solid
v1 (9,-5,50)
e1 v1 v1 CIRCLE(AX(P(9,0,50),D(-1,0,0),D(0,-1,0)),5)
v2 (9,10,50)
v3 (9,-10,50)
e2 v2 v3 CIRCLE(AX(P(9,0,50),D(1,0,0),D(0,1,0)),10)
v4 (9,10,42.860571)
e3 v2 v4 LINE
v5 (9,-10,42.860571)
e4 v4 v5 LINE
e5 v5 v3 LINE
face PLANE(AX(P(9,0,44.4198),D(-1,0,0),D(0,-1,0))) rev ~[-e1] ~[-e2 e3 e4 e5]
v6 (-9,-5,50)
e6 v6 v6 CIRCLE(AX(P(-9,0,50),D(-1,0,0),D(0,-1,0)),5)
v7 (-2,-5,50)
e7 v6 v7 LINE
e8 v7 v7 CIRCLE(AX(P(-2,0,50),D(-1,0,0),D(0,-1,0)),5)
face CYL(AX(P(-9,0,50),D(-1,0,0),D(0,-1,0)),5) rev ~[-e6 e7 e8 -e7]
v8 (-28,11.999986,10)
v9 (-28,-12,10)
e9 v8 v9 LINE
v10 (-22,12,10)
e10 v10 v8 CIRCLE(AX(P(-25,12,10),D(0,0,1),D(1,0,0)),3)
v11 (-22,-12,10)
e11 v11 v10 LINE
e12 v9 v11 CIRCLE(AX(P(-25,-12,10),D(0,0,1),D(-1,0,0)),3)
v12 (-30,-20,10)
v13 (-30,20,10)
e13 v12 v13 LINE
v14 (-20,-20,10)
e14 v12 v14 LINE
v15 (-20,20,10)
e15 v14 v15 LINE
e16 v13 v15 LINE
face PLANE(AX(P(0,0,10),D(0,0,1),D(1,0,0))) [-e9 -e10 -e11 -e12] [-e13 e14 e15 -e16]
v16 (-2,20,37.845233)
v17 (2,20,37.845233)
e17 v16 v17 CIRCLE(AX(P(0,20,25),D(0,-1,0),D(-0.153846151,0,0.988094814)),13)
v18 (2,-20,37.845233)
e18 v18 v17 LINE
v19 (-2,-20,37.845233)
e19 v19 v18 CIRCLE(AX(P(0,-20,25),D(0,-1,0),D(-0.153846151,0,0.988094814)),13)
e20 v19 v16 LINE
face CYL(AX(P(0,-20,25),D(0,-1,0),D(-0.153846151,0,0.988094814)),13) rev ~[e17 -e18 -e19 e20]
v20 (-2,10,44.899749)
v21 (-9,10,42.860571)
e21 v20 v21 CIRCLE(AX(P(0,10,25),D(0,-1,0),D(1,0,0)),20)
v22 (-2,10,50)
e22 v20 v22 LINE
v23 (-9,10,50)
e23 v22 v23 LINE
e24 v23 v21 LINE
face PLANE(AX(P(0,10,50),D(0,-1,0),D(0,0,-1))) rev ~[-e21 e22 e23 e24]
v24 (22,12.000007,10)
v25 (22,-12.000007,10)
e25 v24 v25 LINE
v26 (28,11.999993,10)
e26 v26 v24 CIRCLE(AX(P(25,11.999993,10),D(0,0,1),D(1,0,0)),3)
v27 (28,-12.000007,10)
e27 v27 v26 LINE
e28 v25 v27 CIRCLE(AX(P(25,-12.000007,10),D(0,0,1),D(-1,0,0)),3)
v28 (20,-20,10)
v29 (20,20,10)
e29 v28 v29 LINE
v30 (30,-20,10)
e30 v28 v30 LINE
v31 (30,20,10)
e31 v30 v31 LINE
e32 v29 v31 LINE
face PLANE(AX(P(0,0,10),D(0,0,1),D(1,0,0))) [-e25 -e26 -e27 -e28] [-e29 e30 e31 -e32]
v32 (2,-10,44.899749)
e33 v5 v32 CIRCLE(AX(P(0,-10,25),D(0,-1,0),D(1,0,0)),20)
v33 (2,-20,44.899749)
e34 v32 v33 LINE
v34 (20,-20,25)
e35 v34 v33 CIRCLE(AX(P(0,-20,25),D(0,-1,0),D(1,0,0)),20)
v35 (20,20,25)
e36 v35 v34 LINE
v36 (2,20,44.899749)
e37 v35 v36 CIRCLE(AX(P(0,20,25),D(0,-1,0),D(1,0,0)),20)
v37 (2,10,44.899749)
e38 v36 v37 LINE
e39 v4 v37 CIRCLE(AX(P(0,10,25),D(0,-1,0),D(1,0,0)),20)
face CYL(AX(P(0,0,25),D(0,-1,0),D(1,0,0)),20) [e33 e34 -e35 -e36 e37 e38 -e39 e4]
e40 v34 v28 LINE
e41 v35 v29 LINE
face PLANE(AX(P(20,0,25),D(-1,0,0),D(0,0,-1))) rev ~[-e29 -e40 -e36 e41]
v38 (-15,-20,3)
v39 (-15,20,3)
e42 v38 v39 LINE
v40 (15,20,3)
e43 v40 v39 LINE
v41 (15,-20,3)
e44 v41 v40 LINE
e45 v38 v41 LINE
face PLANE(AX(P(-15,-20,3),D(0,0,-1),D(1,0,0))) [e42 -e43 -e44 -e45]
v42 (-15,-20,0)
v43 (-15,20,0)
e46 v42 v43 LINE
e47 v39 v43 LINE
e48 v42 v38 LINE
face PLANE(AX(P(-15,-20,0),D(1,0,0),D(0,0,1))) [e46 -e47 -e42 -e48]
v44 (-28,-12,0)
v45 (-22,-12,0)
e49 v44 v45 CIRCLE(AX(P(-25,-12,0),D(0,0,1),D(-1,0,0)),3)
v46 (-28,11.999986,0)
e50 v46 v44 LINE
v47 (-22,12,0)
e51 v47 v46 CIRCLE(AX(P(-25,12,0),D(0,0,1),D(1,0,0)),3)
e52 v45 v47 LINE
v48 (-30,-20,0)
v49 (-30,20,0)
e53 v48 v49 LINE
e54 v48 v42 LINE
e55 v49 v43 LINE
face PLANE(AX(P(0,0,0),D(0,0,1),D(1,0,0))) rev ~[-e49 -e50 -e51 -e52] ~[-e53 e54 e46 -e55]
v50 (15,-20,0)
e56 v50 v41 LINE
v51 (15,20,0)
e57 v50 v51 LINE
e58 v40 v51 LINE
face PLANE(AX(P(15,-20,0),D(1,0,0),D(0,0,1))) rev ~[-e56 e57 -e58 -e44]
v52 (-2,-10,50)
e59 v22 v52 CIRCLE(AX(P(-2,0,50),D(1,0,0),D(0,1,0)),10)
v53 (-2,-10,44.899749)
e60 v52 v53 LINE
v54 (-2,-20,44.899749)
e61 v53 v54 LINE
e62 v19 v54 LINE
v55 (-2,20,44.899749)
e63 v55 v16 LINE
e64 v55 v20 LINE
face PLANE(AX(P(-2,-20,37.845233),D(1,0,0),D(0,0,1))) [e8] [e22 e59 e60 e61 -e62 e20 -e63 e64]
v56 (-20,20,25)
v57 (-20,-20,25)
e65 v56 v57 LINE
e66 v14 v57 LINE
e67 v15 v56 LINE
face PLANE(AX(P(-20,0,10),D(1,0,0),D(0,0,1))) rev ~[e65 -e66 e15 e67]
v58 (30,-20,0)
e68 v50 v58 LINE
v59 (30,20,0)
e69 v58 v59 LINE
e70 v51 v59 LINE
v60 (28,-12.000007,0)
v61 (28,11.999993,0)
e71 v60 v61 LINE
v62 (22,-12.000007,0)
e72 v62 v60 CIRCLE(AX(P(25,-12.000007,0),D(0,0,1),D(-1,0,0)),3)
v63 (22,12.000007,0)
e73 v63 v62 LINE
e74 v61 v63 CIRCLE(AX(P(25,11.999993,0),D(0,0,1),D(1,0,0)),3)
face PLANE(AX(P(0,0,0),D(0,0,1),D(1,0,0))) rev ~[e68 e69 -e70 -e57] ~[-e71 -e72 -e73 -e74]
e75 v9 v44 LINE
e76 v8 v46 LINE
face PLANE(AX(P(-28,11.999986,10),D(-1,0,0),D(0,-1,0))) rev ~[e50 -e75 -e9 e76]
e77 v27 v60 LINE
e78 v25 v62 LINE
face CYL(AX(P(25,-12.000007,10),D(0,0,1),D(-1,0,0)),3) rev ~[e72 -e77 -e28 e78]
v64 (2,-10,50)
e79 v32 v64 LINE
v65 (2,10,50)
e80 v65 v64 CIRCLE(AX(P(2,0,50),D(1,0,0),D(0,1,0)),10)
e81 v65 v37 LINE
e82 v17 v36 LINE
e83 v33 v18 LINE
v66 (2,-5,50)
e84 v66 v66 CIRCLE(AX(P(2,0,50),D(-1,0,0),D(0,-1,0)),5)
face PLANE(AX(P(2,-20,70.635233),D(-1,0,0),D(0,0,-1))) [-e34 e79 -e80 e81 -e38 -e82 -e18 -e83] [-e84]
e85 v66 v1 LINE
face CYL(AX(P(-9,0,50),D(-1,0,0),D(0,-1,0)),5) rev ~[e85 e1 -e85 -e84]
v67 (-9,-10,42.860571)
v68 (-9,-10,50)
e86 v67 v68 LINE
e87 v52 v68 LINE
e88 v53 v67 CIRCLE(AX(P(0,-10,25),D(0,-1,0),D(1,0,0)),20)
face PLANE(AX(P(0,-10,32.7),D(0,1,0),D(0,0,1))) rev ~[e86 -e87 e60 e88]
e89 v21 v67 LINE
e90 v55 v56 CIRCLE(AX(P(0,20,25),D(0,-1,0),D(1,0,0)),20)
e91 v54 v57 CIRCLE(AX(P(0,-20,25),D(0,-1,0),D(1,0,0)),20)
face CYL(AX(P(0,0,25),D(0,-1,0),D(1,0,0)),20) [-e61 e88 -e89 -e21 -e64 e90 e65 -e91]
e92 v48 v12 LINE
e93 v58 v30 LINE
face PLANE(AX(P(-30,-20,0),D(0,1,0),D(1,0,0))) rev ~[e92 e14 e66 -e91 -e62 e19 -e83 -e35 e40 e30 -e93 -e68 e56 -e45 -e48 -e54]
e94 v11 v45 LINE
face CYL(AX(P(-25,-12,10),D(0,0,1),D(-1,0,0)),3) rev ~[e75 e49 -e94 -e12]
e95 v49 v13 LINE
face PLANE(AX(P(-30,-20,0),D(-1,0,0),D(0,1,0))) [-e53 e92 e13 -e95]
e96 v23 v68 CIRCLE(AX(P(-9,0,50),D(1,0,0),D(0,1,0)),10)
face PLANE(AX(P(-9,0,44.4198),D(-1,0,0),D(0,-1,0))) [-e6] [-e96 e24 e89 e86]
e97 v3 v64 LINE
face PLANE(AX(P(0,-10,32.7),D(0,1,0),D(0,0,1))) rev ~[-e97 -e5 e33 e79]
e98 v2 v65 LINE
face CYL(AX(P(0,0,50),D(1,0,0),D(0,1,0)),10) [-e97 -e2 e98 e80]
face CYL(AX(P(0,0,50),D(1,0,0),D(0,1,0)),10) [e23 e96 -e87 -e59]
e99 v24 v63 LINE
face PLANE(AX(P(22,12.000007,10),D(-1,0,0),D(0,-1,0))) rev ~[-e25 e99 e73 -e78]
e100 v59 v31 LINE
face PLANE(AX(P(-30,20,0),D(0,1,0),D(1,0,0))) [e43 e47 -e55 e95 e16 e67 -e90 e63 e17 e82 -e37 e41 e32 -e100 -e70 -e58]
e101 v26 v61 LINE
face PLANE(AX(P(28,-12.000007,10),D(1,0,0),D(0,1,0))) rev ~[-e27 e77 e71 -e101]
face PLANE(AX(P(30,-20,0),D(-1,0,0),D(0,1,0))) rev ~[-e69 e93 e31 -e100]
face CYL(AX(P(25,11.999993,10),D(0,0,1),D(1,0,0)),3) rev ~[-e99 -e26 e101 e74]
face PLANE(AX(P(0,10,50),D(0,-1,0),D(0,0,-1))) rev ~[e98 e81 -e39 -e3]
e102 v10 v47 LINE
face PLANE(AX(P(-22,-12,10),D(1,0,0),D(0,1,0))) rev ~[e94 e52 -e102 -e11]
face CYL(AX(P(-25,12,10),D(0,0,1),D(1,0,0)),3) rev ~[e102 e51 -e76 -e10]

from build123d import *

# Parameters (mm, degrees)
SKETCH_W        = 60
SKETCH_H        = 40
PAD_DEPTH       = 10
PAD001_DEPTH    = 20
PAD002_DEPTH    = 9
SKETCH003_R     = 5
POCKET_DEPTH    = 39.001
POCKET001_DEPTH = 40.001
SKETCH005_W     = 30
SKETCH005_H     = 3
POCKET002_DEPTH = 40.001
POCKET003_DEPTH = 10.001
POCKET004_DEPTH = 10.001


with BuildPart() as part:
    # Sketch → Pad (new body)
    with BuildSketch(Plane.XY):
        Rectangle(SKETCH_W, SKETCH_H)
    extrude(amount=PAD_DEPTH)

    # Sketch001 → Pad001 (join, symmetric)
    with BuildSketch(Plane.XZ):
        with BuildLine():
            Line((20, 25), (20, 10))
            Line((20, 10), (-20, 10))
            Line((-20, 10), (-20, 25))
            ThreePointArc((20, 25), (0, 45), (-20, 25))
        make_face()
    extrude(amount=PAD001_DEPTH, both=True)

    # Sketch002 → Pad002 (join, symmetric)
    with BuildSketch(Plane.YZ):
        with BuildLine():
            Line((-10, 32.7), (-10, 50))
            ThreePointArc((10, 50), (0, 60), (-10, 50))
            Line((10, 50), (10, 32.7))
            Line((10, 32.7), (-10, 32.7))
        make_face()
    extrude(amount=PAD002_DEPTH, both=True)

    # Sketch003 (on Face13 of Pad002) → Pocket (cut, through all)
    with BuildSketch(Plane(origin=(-9, 0, 0), x_dir=(0, -1, 0), z_dir=(-1, 0, 0))):
        with Locations((0, 50)):
            Circle(SKETCH003_R)
    extrude(amount=-POCKET_DEPTH, mode=Mode.SUBTRACT)

    # Sketch004 (on Face12 of Pocket) → Pocket001 (cut, through all)
    with BuildSketch(Plane.XZ.offset(20)):
        with BuildLine():
            ThreePointArc((-2, 37.845233), (0, 12), (2, 37.845233))
            Line((2, 70.635233), (2, 37.845233))
            Line((-2, 70.635233), (2, 70.635233))
            Line((-2, 37.845233), (-2, 70.635233))
        make_face()
    extrude(amount=-POCKET001_DEPTH, mode=Mode.SUBTRACT)

    # Sketch005 (on Face8 of Pocket001) → Pocket002 (cut, through all)
    with BuildSketch(Plane.XZ.offset(20)):
        with Locations((0, 1.5)):
            Rectangle(SKETCH005_W, SKETCH005_H)
    extrude(amount=-POCKET002_DEPTH, mode=Mode.SUBTRACT)

    # Sketch006 (on Face8 of Pocket002) → Pocket003 (cut, through all)
    with BuildSketch(Plane.XY.offset(10)):
        with BuildLine():
            Line((22, 12.000007), (22, -12.000007))
            ThreePointArc((22, -12.000007), (25, -15.000007), (28, -12.000007))
            Line((28, -12.000007), (28, 11.999993))
            ThreePointArc((28, 11.999993), (25.000007, 14.999993), (22, 12.000007))
        make_face()
    extrude(amount=-POCKET003_DEPTH, mode=Mode.SUBTRACT)

    # Sketch007 (on Face10 of Pocket003) → Pocket004 (cut, through all)
    with BuildSketch(Plane.XY.offset(10)):
        with BuildLine():
            Line((-28, 11.999986), (-28, -12))
            ThreePointArc((-28, -12), (-25, -15), (-22, -12))
            Line((-22, -12), (-22, 12))
            ThreePointArc((-22, 12), (-25.000007, 15), (-28, 11.999986))
        make_face()
    extrude(amount=-POCKET004_DEPTH, mode=Mode.SUBTRACT)


solid = part.part
